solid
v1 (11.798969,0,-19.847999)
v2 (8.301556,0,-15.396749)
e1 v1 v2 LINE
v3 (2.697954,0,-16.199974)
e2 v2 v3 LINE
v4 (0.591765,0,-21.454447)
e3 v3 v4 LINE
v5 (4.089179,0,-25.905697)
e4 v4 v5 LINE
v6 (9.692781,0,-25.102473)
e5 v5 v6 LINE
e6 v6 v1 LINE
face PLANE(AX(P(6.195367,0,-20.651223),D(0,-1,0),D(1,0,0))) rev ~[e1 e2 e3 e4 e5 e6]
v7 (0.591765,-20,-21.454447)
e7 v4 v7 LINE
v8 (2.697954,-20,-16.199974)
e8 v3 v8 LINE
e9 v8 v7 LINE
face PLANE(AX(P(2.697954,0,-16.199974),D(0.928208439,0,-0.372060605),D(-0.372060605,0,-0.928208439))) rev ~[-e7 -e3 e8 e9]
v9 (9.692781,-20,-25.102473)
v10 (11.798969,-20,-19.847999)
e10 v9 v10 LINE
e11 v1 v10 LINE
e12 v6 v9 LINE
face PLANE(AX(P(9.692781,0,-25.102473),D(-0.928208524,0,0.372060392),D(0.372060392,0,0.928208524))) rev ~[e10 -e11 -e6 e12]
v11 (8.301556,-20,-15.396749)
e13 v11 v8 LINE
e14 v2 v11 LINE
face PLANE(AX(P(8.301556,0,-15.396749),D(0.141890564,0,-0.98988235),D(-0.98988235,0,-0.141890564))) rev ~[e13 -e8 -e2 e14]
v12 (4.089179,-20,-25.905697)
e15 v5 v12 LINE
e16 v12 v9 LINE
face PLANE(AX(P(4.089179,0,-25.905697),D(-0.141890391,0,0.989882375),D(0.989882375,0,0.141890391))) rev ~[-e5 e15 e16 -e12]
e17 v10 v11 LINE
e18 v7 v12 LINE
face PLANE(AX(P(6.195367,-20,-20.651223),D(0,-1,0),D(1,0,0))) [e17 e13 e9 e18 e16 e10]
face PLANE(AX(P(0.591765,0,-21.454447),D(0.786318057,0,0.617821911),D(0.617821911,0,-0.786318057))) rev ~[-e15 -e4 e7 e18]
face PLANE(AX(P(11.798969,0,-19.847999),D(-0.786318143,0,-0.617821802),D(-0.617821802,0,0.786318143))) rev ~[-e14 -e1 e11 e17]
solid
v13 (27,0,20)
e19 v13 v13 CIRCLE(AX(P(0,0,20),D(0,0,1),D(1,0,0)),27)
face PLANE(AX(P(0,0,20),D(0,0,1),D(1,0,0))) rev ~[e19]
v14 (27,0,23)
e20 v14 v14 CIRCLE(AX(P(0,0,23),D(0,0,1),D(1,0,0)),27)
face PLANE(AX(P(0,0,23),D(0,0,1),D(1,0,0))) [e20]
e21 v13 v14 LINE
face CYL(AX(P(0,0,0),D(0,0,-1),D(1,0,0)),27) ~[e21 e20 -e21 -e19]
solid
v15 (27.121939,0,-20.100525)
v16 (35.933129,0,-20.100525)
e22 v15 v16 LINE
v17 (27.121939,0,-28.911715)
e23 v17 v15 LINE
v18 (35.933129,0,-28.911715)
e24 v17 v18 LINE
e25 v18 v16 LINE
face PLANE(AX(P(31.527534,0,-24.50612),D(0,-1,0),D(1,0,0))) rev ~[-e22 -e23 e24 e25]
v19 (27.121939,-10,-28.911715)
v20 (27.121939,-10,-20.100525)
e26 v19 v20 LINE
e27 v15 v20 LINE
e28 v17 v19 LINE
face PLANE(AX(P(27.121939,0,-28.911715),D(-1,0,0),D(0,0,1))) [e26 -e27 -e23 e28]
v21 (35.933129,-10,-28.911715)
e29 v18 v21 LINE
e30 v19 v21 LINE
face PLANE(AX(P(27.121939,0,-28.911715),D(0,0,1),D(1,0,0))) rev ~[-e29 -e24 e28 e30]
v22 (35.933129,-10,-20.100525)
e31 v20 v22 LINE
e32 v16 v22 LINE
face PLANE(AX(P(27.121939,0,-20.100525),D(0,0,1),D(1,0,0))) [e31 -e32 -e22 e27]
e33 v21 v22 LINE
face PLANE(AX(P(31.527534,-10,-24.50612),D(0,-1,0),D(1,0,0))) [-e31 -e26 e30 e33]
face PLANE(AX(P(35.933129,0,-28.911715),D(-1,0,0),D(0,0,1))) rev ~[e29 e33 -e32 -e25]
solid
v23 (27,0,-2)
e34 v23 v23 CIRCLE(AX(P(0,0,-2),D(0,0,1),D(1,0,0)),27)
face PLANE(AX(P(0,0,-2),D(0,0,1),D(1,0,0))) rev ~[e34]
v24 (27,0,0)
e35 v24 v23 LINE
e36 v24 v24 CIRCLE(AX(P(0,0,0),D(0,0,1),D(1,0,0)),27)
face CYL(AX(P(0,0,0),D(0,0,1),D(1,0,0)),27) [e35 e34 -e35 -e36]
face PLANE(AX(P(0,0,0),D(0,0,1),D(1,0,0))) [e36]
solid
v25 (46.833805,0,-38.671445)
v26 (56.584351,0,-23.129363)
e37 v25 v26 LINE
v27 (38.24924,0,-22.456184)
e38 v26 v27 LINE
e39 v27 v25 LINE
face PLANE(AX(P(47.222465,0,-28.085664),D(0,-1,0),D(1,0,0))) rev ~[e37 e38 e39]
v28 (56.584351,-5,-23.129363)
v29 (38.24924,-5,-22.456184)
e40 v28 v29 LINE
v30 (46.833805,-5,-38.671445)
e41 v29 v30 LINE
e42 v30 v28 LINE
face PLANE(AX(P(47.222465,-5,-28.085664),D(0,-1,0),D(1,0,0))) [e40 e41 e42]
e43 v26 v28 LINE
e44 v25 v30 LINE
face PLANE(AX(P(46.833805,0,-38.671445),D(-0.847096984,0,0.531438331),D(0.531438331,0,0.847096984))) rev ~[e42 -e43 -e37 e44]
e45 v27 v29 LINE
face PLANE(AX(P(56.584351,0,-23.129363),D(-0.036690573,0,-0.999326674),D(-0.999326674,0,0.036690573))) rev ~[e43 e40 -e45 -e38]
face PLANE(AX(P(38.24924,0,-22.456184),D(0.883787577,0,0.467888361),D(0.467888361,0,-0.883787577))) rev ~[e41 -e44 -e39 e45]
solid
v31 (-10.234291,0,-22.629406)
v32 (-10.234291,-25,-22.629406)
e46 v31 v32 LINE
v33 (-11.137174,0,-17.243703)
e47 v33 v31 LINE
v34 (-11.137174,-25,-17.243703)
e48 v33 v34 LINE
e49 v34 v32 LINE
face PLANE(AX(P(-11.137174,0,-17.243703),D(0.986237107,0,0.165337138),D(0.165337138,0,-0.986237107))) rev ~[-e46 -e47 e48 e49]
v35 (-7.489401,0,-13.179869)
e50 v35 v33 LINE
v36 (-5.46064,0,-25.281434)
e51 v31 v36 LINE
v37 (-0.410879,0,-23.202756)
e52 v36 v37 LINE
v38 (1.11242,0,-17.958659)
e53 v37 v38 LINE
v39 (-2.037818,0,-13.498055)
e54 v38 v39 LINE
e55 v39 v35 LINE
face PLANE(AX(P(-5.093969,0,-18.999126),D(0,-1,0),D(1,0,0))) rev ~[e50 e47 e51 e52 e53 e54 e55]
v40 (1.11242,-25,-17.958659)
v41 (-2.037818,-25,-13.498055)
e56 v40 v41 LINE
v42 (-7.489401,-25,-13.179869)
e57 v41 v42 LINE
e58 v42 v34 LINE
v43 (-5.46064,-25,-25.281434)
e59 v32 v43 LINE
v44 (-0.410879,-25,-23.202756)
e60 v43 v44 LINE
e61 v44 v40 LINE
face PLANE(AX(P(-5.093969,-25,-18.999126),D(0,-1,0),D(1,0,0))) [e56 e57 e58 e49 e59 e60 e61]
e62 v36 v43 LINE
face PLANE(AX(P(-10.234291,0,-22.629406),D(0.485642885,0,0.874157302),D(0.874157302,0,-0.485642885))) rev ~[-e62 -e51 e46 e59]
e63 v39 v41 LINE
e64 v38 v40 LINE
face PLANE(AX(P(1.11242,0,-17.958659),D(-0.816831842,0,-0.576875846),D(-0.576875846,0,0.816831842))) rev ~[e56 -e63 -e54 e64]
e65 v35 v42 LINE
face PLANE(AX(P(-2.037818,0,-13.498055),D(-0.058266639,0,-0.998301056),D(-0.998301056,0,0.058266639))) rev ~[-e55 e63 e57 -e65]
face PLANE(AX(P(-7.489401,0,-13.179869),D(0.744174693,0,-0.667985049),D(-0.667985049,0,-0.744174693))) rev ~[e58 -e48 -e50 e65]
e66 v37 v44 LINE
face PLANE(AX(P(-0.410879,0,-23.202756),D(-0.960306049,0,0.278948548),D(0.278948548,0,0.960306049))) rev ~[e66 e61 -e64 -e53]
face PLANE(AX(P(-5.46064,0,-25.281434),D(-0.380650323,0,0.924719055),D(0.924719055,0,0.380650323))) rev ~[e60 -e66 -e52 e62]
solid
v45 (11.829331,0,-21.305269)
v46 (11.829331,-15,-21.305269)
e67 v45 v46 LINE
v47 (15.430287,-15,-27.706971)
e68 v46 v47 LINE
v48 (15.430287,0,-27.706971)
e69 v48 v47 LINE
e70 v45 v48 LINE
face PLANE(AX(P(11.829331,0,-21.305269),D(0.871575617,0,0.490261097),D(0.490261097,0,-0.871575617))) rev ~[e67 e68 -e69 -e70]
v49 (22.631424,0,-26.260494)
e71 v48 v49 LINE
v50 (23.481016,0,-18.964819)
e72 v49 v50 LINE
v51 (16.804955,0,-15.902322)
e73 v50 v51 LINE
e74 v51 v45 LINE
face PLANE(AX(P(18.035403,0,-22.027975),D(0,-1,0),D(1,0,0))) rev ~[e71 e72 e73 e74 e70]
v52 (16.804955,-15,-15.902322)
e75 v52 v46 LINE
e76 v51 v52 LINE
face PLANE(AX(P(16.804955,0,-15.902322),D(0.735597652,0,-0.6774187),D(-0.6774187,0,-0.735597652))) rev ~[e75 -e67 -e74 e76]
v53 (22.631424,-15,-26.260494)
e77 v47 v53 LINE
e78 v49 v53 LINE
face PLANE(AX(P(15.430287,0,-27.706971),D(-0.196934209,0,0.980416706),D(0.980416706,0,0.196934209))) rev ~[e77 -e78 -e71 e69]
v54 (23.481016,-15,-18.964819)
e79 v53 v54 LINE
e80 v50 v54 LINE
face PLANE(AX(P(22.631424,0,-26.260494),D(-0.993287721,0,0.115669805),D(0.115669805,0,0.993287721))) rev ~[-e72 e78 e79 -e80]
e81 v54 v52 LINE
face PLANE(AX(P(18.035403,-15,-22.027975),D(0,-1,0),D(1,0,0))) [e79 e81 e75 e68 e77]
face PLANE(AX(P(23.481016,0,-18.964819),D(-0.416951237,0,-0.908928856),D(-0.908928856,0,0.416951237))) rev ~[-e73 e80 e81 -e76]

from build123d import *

# Parameters (mm, degrees)
F0_R      = 27
F1_DEPTH  = 2
F2_DEPTH  = 23
F3_DEPTH  = 20
F5_DEPTH  = 5
F6_W      = 8.81119
F6_H      = 8.81119
F7_DEPTH  = 10
F9_DEPTH  = 15
F11_DEPTH = 20
F13_DEPTH = 25


with BuildPart() as f1:
    # F0 (on Top) → F1 (new body)
    with BuildSketch(Plane.XY):
        Circle(F0_R)
    extrude(amount=-F1_DEPTH)


with BuildPart() as f2:
    # F0 (on Top) → F2 (new body)
    with BuildSketch(Plane.XY):
        Circle(F0_R)
    extrude(amount=F2_DEPTH)

    # F0 (on Top) → F3 (cut)
    with BuildSketch(Plane.XY):
        Circle(F0_R)
    extrude(amount=F3_DEPTH, mode=Mode.SUBTRACT)


with BuildPart() as f5:
    # F4 (on Front) → F5 (new body)
    with BuildSketch(Plane.XZ):
        Polygon((38.24924, -22.456184), (46.833805, -38.671445), (56.584351, -23.129363), align=None)
    extrude(amount=F5_DEPTH)


with BuildPart() as f7:
    # F6 (on Front) → F7 (new body)
    with BuildSketch(Plane.XZ):
        with Locations((31.527534, -24.50612)):
            Rectangle(F6_W, F6_H)
    extrude(amount=F7_DEPTH)


with BuildPart() as f9:
    # F8 (on Front) → F9 (new body)
    with BuildSketch(Plane.XZ):
        Polygon((11.829331, -21.305269), (15.430287, -27.706971), (22.631424, -26.260494), (23.481016, -18.964819), (16.804955, -15.902322), align=None)
    extrude(amount=F9_DEPTH)


with BuildPart() as f11:
    # F10 (on Front) → F11 (new body)
    with BuildSketch(Plane.XZ):
        Polygon((0.591765, -21.454447), (4.089179, -25.905697), (9.692781, -25.102473), (11.798969, -19.847999), (8.301556, -15.396749), (2.697954, -16.199974), align=None)
    extrude(amount=F11_DEPTH)


with BuildPart() as f13:
    # F12 (on Front) → F13 (new body)
    with BuildSketch(Plane.XZ):
        Polygon((-10.234291, -22.629406), (-5.46064, -25.281434), (-0.410879, -23.202756), (1.11242, -17.958659), (-2.037818, -13.498055), (-7.489401, -13.179869), (-11.137174, -17.243703), align=None)
    extrude(amount=F13_DEPTH)


solid = Compound([f1.part, f2.part, f5.part, f7.part, f9.part, f11.part, f13.part])
